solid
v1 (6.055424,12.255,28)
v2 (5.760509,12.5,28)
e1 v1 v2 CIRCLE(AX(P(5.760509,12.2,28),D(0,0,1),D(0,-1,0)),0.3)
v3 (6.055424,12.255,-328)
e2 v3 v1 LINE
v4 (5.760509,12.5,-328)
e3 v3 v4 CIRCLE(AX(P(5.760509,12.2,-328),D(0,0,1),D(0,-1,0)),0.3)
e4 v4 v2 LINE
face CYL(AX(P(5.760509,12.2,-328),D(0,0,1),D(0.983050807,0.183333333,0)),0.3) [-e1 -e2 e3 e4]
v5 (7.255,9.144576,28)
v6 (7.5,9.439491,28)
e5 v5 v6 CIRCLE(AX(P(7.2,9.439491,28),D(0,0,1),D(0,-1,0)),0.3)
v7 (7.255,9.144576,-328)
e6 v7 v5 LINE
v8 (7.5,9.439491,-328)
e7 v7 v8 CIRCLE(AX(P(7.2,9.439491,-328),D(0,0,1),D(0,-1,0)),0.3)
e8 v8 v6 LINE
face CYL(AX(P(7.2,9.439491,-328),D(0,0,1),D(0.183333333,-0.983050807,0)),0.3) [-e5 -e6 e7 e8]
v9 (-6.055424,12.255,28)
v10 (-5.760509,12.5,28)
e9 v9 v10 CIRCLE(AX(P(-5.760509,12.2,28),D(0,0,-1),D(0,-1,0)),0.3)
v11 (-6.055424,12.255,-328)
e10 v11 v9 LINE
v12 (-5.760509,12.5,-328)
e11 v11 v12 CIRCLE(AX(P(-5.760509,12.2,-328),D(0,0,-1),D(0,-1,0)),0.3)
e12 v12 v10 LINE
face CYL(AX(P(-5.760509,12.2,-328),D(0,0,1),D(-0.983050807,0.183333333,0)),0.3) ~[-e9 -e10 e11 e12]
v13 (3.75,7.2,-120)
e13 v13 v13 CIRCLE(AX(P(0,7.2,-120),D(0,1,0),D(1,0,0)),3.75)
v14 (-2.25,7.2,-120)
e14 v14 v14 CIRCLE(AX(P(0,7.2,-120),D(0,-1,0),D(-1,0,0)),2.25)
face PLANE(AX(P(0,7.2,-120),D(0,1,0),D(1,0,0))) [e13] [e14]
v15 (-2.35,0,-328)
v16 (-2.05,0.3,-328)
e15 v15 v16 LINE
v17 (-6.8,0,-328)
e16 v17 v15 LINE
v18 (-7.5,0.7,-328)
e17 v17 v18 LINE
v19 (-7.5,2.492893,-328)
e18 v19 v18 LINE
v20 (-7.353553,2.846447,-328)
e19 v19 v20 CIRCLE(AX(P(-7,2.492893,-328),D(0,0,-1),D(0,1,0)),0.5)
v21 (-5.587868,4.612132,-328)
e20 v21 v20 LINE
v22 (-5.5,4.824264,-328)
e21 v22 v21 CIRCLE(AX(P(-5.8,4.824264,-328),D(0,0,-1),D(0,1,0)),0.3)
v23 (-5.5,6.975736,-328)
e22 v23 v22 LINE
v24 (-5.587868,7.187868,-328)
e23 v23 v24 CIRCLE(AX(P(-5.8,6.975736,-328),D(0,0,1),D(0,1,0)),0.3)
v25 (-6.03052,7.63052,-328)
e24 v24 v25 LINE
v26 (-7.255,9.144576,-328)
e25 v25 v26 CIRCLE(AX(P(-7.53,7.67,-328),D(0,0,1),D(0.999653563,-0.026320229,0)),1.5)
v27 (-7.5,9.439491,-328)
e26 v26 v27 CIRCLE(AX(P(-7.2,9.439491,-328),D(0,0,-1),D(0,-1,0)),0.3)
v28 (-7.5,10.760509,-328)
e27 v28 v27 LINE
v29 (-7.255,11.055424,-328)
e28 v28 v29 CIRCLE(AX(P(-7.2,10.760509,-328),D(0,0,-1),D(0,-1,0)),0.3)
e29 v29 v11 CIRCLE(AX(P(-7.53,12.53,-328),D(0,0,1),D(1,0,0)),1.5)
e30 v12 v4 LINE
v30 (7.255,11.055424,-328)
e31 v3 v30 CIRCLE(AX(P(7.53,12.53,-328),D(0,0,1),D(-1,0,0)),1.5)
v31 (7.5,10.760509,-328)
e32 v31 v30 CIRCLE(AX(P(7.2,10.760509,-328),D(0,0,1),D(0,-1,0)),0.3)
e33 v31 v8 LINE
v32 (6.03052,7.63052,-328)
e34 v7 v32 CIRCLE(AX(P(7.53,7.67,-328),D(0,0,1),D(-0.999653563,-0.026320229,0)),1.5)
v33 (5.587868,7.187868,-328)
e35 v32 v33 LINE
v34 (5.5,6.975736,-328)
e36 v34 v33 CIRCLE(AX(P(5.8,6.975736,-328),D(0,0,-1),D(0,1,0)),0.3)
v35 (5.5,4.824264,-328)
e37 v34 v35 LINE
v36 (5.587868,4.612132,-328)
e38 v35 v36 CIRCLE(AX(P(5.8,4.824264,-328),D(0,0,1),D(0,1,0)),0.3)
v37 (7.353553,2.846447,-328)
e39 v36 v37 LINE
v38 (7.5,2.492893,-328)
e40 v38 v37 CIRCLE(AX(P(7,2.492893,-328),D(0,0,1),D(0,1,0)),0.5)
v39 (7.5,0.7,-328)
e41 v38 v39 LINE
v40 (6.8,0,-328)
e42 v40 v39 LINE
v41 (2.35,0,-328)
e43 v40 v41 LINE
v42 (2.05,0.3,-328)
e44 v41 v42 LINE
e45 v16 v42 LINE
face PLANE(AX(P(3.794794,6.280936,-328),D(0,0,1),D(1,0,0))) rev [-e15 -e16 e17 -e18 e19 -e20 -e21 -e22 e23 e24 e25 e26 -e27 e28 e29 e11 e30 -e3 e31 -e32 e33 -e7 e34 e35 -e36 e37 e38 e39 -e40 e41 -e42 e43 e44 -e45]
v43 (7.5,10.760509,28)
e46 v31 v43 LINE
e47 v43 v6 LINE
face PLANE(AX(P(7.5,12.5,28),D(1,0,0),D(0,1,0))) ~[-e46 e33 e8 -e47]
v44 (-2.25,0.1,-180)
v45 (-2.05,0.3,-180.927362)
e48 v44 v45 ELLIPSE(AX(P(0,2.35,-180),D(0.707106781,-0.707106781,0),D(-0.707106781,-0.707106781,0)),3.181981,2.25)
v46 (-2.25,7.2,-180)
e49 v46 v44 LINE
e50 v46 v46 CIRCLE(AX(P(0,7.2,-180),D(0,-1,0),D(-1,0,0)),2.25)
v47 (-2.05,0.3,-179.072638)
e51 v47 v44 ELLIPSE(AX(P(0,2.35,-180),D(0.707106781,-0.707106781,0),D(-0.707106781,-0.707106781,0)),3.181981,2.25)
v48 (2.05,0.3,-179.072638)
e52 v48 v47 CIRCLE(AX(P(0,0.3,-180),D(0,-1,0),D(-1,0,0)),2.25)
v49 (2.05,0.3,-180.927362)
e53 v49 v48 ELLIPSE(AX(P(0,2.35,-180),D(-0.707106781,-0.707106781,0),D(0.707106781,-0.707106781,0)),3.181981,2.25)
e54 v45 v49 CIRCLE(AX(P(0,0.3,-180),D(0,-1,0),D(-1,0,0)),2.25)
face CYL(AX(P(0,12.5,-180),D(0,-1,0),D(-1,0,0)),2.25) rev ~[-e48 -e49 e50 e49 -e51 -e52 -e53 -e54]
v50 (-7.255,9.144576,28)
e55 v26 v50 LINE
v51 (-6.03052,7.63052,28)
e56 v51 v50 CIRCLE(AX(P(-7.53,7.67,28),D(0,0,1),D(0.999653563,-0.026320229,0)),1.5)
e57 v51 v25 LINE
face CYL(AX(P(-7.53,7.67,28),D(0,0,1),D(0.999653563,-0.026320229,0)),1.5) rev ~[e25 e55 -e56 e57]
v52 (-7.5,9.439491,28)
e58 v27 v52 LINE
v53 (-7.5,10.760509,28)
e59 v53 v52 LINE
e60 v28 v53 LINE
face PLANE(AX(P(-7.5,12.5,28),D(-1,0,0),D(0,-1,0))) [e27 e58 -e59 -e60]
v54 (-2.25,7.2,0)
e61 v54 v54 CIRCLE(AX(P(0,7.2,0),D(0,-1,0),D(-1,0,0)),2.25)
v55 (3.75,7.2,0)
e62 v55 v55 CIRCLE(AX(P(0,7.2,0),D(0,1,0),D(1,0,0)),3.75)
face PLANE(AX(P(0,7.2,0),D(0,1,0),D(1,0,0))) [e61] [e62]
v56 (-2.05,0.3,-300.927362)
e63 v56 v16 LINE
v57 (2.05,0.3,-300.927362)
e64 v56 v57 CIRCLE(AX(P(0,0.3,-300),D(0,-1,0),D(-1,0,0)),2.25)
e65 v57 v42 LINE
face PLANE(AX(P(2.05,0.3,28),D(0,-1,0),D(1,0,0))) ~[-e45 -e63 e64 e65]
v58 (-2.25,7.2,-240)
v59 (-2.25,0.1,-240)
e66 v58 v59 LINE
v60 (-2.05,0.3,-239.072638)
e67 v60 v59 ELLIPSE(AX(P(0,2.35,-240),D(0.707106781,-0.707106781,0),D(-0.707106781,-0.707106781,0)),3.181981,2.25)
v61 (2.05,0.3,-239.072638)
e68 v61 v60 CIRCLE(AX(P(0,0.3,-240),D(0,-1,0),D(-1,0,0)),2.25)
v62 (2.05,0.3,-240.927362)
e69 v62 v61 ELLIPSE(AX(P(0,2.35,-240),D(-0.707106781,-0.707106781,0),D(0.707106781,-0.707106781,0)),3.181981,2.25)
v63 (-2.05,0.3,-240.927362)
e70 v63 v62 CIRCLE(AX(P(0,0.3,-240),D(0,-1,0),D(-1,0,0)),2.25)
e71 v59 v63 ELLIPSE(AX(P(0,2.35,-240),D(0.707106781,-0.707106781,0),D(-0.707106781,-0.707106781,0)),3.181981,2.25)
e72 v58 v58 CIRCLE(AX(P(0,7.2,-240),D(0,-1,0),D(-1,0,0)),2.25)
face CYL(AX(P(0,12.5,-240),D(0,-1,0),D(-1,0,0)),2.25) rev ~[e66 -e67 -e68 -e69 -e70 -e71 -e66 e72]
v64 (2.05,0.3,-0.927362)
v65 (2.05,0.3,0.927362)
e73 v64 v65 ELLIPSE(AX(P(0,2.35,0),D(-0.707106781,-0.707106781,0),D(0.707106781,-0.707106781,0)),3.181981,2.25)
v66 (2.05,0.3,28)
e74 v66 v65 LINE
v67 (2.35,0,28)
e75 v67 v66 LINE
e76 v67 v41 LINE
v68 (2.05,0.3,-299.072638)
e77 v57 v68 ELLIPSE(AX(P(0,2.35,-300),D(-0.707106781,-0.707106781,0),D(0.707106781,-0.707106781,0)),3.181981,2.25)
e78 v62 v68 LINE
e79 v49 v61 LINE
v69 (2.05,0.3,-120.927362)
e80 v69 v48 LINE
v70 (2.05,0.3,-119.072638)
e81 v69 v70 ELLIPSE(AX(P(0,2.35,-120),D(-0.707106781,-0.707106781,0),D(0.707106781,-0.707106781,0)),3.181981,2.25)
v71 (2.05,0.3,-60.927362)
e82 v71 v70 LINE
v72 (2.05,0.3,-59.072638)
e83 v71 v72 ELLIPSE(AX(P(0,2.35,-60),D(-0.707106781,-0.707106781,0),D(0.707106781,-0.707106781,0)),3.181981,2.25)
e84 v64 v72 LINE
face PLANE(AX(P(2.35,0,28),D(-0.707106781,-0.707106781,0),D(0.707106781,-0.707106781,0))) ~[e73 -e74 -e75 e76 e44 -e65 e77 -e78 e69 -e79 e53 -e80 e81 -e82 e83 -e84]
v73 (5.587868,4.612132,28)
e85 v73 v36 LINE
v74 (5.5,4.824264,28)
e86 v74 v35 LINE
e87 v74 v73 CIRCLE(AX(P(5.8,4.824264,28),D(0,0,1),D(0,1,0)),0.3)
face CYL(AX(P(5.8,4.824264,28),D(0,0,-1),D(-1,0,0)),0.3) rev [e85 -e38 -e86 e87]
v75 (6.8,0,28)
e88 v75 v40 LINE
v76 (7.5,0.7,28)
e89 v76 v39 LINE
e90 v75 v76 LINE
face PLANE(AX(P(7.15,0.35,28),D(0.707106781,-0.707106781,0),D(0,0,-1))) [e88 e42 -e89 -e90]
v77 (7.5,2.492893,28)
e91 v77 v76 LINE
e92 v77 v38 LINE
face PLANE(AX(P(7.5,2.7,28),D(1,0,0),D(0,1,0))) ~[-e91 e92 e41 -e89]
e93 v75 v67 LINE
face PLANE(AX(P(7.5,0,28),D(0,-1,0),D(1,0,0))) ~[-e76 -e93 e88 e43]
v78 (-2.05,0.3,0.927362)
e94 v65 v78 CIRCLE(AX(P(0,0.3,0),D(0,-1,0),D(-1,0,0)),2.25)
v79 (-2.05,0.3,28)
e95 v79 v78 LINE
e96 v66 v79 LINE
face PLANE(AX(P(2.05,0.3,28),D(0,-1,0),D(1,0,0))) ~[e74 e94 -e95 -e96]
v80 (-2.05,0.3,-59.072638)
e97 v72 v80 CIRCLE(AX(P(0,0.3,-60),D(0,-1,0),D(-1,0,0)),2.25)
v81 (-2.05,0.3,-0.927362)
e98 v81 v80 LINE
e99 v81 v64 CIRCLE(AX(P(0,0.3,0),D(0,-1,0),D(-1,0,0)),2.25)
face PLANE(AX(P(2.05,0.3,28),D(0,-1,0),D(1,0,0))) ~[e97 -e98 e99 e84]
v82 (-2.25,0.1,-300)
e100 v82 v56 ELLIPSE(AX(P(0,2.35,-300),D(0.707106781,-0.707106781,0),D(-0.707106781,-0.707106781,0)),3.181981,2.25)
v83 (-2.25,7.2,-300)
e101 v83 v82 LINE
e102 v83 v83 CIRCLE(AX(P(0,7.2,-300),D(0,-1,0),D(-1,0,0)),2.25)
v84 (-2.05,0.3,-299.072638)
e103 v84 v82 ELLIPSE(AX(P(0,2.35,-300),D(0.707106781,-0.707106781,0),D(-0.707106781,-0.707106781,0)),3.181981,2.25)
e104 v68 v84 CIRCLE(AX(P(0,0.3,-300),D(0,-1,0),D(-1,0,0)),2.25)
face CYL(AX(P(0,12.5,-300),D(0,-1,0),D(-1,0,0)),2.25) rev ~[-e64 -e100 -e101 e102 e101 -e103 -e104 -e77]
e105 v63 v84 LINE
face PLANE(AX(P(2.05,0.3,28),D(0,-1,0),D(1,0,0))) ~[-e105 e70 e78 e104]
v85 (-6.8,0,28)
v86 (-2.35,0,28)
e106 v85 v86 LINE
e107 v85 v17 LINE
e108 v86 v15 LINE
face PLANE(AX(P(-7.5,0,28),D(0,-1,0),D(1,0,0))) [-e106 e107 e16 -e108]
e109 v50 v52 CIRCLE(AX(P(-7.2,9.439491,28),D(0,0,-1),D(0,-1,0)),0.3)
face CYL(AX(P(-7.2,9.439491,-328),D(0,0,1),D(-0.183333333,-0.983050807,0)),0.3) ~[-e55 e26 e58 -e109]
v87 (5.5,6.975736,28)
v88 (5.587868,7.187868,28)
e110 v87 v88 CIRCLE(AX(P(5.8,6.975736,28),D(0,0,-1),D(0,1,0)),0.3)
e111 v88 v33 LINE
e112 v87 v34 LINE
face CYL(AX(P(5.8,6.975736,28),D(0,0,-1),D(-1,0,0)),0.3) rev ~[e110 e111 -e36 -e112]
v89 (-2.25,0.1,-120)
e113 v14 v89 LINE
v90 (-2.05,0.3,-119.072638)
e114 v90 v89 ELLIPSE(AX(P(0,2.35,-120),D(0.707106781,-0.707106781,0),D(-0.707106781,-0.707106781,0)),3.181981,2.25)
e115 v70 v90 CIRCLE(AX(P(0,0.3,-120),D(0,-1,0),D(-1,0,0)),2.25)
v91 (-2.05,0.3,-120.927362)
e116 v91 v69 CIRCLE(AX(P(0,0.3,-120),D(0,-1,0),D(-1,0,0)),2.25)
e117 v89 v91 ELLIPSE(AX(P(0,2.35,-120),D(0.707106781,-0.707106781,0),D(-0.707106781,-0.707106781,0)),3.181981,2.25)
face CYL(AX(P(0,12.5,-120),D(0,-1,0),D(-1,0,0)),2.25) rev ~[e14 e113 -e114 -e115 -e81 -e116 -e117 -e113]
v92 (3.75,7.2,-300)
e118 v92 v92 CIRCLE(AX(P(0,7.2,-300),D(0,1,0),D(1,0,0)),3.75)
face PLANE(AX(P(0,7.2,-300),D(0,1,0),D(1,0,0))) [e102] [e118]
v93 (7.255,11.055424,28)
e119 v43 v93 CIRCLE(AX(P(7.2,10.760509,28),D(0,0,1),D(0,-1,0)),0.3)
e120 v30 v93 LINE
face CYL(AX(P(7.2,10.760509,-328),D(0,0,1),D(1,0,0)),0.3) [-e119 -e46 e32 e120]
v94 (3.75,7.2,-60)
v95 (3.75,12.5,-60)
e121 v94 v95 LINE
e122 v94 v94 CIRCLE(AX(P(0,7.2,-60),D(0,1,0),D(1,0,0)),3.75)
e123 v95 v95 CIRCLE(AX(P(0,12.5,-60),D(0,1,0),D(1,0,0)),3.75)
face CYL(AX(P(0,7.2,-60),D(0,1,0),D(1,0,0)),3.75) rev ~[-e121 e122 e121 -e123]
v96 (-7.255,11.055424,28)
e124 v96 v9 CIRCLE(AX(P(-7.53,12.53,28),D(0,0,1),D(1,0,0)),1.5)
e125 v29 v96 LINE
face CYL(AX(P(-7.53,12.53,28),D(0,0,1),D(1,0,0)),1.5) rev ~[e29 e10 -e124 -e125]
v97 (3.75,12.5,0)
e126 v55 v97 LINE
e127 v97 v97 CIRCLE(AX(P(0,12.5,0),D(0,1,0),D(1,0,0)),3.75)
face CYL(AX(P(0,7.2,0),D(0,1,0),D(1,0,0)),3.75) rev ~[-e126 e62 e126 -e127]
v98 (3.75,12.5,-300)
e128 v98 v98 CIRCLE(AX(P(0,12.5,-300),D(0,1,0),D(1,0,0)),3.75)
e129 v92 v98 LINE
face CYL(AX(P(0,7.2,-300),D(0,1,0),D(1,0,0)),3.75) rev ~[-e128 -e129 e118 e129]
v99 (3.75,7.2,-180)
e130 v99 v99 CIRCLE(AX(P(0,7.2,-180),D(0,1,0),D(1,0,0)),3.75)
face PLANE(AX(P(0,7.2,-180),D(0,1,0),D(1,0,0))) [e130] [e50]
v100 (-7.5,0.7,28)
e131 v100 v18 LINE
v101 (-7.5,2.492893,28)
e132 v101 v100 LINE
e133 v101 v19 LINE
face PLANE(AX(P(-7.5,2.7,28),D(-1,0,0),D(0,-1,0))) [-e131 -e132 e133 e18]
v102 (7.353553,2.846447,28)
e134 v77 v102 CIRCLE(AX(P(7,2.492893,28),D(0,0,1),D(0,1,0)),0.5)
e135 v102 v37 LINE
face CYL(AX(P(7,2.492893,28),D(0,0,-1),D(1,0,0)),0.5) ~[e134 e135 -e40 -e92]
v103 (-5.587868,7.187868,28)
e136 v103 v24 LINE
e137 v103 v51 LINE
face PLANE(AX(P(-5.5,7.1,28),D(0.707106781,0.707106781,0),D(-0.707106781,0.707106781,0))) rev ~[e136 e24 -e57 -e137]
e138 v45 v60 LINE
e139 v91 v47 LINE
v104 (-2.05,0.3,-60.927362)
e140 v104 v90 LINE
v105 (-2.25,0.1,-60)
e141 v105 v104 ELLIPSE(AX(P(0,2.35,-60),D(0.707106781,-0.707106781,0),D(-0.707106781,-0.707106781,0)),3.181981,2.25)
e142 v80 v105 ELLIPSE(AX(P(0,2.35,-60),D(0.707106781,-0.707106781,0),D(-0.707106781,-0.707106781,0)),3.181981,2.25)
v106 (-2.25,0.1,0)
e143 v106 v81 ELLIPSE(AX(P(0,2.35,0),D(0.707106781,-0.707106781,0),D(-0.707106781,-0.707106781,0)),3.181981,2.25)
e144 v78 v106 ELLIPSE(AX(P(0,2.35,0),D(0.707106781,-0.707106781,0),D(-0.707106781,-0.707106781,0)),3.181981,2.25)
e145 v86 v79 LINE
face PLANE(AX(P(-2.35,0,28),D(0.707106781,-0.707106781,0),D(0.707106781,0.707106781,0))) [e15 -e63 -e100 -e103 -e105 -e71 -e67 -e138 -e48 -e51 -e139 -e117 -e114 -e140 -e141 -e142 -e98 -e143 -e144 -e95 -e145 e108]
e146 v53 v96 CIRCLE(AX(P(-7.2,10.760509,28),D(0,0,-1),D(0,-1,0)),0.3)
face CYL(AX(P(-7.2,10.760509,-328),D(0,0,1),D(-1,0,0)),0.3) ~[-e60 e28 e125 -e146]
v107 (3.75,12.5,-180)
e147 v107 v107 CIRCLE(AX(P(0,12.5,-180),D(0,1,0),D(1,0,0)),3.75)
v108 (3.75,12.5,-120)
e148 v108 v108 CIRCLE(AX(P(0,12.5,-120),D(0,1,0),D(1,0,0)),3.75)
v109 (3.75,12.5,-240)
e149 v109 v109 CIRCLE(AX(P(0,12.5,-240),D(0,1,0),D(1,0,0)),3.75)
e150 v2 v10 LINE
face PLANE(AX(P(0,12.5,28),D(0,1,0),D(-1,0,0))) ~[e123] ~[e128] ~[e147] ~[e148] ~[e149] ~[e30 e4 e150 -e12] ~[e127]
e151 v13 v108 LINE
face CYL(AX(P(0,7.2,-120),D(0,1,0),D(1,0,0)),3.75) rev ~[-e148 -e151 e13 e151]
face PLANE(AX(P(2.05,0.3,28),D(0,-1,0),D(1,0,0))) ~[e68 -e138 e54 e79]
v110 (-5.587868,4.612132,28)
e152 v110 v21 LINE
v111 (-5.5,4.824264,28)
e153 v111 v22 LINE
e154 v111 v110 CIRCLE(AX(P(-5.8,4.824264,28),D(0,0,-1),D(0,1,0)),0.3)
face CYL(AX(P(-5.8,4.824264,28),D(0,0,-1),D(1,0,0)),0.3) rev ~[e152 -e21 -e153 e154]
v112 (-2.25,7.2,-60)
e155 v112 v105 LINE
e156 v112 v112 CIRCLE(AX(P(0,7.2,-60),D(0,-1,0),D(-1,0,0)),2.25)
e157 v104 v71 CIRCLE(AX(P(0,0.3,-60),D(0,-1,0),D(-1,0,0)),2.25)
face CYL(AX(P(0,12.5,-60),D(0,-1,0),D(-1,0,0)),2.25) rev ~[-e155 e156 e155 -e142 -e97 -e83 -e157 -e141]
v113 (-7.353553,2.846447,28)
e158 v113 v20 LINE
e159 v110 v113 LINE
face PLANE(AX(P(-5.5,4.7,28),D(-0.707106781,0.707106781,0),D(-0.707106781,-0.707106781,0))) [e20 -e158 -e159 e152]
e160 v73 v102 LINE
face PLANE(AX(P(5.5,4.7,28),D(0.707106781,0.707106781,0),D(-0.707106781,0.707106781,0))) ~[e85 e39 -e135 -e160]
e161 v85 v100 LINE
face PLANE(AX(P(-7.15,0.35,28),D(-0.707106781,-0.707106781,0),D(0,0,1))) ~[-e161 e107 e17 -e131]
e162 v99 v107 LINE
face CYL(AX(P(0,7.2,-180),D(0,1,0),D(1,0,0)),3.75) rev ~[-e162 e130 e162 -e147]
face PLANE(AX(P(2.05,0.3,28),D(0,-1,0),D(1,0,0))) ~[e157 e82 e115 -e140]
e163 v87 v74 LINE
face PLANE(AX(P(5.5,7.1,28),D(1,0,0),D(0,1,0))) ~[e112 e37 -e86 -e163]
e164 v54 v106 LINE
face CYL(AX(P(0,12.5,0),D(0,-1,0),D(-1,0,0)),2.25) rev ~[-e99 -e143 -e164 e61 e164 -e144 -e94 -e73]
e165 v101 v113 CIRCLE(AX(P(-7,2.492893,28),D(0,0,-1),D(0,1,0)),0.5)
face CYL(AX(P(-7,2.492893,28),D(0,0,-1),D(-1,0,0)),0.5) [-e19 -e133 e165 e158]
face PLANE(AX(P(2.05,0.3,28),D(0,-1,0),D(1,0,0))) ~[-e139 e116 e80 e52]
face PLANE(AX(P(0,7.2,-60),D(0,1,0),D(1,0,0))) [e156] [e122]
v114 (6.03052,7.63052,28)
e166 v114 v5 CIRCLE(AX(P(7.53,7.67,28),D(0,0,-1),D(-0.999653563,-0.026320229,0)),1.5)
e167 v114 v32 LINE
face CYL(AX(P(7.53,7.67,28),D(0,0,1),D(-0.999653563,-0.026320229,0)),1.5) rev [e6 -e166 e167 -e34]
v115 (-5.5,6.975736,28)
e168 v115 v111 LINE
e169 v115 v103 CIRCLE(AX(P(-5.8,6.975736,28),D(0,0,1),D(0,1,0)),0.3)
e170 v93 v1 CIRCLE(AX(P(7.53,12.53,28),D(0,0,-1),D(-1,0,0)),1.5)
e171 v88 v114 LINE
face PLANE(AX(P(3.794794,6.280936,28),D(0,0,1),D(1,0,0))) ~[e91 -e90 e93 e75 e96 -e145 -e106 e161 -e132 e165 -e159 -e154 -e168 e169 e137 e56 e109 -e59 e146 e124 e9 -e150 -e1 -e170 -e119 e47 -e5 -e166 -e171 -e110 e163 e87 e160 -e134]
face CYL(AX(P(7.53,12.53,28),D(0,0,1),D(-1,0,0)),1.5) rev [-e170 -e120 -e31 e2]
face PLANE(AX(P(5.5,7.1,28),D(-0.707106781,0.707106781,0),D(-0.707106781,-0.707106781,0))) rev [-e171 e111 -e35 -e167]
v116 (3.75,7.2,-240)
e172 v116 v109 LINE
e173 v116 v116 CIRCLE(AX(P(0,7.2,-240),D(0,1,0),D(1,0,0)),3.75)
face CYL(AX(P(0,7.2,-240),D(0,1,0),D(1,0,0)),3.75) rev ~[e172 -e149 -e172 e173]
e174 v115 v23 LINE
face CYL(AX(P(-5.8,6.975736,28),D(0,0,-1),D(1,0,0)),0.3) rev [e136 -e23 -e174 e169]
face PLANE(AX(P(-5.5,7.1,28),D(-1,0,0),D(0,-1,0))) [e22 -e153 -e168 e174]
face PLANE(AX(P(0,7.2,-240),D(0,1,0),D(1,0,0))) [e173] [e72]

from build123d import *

# Parameters (mm, degrees)
BOSS_EXTRUDE101_DEPTH        = 356
SKETCH2_R                    = 1.5
CUT_EXTRUDE101_DEPTH         = 357.298330055
CHAMFER101_SIZE              = 0.7
FILLET101_R                  = 0.5
FILLET102_R                  = 0.3
FILLET103_R                  = 0.3
FILLET104_R                  = 0.3
CHAMFER101_OF_MIRROR101_SIZE = 0.7
FILLET101_OF_MIRROR101_R     = 0.5
FILLET102_OF_MIRROR101_R     = 0.3
FILLET103_OF_MIRROR101_R     = 0.3
FILLET104_OF_MIRROR101_R     = 0.3
CBORE101_D                   = 4.5
CBORE101_CBORE_D             = 7.5
CBORE101_CBORE_DEPTH         = 5.3
LPATTERN101_COUNT            = 6
LPATTERN101_PITCH            = 60


with BuildPart() as part:
    # Sketch1 → Boss-Extrude101 (new body)
    with BuildSketch(Plane.XY.offset(28)):
        Polygon((-2.05, 0.3), (0, 0.3), (0, 12.5), (-7.5, 12.5), (-7.5, 7.1), (-5.5, 7.1), (-5.5, 4.7), (-7.5, 2.7), (-7.5, 0), (-2.35, 0), align=None)
    boss_extrude101 = extrude(amount=-BOSS_EXTRUDE101_DEPTH)

    # Sketch2 → Cut-Extrude101 (cut, through all)
    with BuildSketch(Plane.XY.offset(28)):
        with Locations((-7.53, 12.53)):
            Circle(SKETCH2_R)
        with BuildLine():
            Line((-5.5, 7.1), (-6.030519656, 7.630519656))
            ThreePointArc((-6.030519656, 7.630519656), (-8.576608686, 8.744527923), (-7.53, 6.17))
            Line((-7.53, 6.17), (-7.5, 2.7))
            Line((-7.5, 2.7), (-5.5, 4.7))
            Line((-5.5, 4.7), (-5.5, 7.1))
        make_face()
    cut_extrude101 = extrude(amount=-CUT_EXTRUDE101_DEPTH, mode=Mode.SUBTRACT)

    # Chamfer101
    chamfer101_edges = [part.edges().sort_by_distance(p)[0] for p in [
        (-7.5, 0, -150),
    ]]
    chamfer(chamfer101_edges, length=CHAMFER101_SIZE)

    # Fillet101
    fillet101_edges = [part.edges().sort_by_distance(p)[0] for p in [
        (-7.5, 2.7, -150),
    ]]
    fillet(fillet101_edges, radius=FILLET101_R)

    # Fillet102
    fillet102_edges = [part.edges().sort_by_distance(p)[0] for p in [
        (-5.5, 7.1, -150),
    ]]
    fillet(fillet102_edges, radius=FILLET102_R)

    # Fillet103
    fillet103_edges = [part.edges().sort_by_distance(p)[0] for p in [
        (-7.5, 11.03030003, -150),
        (-6.03030003, 12.5, -150),
        (-7.5, 9.16969997, -150),
    ]]
    fillet(fillet103_edges, radius=FILLET103_R)

    # Fillet104
    fillet104_edges = [part.edges().sort_by_distance(p)[0] for p in [
        (-5.5, 4.7, -150),
    ]]
    fillet(fillet104_edges, radius=FILLET104_R)

    # Mirror101: Boss-Extrude101, Cut-Extrude101 across plane
    add(boss_extrude101.mirror(Plane(origin=(0, 0, 0), x_dir=(0, 0, 1), z_dir=(1, 0, 0))))
    add(cut_extrude101.mirror(Plane(origin=(0, 0, 0), x_dir=(0, 0, 1), z_dir=(1, 0, 0))), mode=Mode.SUBTRACT)

    # Chamfer101 of Mirror101
    chamfer101_of_mirror101_edges = [part.edges().sort_by_distance(p)[0] for p in [
        (7.5, 0, -150),
    ]]
    chamfer(chamfer101_of_mirror101_edges, length=CHAMFER101_OF_MIRROR101_SIZE)

    # Fillet101 of Mirror101
    fillet101_of_mirror101_edges = [part.edges().sort_by_distance(p)[0] for p in [
        (7.5, 2.7, -150),
    ]]
    fillet(fillet101_of_mirror101_edges, radius=FILLET101_OF_MIRROR101_R)

    # Fillet102 of Mirror101
    fillet102_of_mirror101_edges = [part.edges().sort_by_distance(p)[0] for p in [
        (5.5, 7.1, -150),
    ]]
    fillet(fillet102_of_mirror101_edges, radius=FILLET102_OF_MIRROR101_R)

    # Fillet103 of Mirror101
    fillet103_of_mirror101_edges = [part.edges().sort_by_distance(p)[0] for p in [
        (7.5, 11.03030003, -150),
        (6.03030003, 12.5, -150),
        (7.5, 9.16969997, -150),
    ]]
    fillet(fillet103_of_mirror101_edges, radius=FILLET103_OF_MIRROR101_R)

    # Fillet104 of Mirror101
    fillet104_of_mirror101_edges = [part.edges().sort_by_distance(p)[0] for p in [
        (5.5, 4.7, -150),
    ]]
    fillet(fillet104_of_mirror101_edges, radius=FILLET104_OF_MIRROR101_R)

    # CBORE101 (through all)
    with Locations(Plane(origin=(0, 12.5, 0), x_dir=(1, 0, 0), z_dir=(0, 1, 0))):
        with Locations((0, 0)):
            cbore101 = CounterBoreHole(CBORE101_D / 2, CBORE101_CBORE_D / 2, CBORE101_CBORE_DEPTH)

    # LPattern101: CBORE101 ×6
    with Locations(*[(0, 0, -i * LPATTERN101_PITCH) for i in range(1, LPATTERN101_COUNT)]):
        add(cbore101, mode=Mode.SUBTRACT)


solid = part.part
